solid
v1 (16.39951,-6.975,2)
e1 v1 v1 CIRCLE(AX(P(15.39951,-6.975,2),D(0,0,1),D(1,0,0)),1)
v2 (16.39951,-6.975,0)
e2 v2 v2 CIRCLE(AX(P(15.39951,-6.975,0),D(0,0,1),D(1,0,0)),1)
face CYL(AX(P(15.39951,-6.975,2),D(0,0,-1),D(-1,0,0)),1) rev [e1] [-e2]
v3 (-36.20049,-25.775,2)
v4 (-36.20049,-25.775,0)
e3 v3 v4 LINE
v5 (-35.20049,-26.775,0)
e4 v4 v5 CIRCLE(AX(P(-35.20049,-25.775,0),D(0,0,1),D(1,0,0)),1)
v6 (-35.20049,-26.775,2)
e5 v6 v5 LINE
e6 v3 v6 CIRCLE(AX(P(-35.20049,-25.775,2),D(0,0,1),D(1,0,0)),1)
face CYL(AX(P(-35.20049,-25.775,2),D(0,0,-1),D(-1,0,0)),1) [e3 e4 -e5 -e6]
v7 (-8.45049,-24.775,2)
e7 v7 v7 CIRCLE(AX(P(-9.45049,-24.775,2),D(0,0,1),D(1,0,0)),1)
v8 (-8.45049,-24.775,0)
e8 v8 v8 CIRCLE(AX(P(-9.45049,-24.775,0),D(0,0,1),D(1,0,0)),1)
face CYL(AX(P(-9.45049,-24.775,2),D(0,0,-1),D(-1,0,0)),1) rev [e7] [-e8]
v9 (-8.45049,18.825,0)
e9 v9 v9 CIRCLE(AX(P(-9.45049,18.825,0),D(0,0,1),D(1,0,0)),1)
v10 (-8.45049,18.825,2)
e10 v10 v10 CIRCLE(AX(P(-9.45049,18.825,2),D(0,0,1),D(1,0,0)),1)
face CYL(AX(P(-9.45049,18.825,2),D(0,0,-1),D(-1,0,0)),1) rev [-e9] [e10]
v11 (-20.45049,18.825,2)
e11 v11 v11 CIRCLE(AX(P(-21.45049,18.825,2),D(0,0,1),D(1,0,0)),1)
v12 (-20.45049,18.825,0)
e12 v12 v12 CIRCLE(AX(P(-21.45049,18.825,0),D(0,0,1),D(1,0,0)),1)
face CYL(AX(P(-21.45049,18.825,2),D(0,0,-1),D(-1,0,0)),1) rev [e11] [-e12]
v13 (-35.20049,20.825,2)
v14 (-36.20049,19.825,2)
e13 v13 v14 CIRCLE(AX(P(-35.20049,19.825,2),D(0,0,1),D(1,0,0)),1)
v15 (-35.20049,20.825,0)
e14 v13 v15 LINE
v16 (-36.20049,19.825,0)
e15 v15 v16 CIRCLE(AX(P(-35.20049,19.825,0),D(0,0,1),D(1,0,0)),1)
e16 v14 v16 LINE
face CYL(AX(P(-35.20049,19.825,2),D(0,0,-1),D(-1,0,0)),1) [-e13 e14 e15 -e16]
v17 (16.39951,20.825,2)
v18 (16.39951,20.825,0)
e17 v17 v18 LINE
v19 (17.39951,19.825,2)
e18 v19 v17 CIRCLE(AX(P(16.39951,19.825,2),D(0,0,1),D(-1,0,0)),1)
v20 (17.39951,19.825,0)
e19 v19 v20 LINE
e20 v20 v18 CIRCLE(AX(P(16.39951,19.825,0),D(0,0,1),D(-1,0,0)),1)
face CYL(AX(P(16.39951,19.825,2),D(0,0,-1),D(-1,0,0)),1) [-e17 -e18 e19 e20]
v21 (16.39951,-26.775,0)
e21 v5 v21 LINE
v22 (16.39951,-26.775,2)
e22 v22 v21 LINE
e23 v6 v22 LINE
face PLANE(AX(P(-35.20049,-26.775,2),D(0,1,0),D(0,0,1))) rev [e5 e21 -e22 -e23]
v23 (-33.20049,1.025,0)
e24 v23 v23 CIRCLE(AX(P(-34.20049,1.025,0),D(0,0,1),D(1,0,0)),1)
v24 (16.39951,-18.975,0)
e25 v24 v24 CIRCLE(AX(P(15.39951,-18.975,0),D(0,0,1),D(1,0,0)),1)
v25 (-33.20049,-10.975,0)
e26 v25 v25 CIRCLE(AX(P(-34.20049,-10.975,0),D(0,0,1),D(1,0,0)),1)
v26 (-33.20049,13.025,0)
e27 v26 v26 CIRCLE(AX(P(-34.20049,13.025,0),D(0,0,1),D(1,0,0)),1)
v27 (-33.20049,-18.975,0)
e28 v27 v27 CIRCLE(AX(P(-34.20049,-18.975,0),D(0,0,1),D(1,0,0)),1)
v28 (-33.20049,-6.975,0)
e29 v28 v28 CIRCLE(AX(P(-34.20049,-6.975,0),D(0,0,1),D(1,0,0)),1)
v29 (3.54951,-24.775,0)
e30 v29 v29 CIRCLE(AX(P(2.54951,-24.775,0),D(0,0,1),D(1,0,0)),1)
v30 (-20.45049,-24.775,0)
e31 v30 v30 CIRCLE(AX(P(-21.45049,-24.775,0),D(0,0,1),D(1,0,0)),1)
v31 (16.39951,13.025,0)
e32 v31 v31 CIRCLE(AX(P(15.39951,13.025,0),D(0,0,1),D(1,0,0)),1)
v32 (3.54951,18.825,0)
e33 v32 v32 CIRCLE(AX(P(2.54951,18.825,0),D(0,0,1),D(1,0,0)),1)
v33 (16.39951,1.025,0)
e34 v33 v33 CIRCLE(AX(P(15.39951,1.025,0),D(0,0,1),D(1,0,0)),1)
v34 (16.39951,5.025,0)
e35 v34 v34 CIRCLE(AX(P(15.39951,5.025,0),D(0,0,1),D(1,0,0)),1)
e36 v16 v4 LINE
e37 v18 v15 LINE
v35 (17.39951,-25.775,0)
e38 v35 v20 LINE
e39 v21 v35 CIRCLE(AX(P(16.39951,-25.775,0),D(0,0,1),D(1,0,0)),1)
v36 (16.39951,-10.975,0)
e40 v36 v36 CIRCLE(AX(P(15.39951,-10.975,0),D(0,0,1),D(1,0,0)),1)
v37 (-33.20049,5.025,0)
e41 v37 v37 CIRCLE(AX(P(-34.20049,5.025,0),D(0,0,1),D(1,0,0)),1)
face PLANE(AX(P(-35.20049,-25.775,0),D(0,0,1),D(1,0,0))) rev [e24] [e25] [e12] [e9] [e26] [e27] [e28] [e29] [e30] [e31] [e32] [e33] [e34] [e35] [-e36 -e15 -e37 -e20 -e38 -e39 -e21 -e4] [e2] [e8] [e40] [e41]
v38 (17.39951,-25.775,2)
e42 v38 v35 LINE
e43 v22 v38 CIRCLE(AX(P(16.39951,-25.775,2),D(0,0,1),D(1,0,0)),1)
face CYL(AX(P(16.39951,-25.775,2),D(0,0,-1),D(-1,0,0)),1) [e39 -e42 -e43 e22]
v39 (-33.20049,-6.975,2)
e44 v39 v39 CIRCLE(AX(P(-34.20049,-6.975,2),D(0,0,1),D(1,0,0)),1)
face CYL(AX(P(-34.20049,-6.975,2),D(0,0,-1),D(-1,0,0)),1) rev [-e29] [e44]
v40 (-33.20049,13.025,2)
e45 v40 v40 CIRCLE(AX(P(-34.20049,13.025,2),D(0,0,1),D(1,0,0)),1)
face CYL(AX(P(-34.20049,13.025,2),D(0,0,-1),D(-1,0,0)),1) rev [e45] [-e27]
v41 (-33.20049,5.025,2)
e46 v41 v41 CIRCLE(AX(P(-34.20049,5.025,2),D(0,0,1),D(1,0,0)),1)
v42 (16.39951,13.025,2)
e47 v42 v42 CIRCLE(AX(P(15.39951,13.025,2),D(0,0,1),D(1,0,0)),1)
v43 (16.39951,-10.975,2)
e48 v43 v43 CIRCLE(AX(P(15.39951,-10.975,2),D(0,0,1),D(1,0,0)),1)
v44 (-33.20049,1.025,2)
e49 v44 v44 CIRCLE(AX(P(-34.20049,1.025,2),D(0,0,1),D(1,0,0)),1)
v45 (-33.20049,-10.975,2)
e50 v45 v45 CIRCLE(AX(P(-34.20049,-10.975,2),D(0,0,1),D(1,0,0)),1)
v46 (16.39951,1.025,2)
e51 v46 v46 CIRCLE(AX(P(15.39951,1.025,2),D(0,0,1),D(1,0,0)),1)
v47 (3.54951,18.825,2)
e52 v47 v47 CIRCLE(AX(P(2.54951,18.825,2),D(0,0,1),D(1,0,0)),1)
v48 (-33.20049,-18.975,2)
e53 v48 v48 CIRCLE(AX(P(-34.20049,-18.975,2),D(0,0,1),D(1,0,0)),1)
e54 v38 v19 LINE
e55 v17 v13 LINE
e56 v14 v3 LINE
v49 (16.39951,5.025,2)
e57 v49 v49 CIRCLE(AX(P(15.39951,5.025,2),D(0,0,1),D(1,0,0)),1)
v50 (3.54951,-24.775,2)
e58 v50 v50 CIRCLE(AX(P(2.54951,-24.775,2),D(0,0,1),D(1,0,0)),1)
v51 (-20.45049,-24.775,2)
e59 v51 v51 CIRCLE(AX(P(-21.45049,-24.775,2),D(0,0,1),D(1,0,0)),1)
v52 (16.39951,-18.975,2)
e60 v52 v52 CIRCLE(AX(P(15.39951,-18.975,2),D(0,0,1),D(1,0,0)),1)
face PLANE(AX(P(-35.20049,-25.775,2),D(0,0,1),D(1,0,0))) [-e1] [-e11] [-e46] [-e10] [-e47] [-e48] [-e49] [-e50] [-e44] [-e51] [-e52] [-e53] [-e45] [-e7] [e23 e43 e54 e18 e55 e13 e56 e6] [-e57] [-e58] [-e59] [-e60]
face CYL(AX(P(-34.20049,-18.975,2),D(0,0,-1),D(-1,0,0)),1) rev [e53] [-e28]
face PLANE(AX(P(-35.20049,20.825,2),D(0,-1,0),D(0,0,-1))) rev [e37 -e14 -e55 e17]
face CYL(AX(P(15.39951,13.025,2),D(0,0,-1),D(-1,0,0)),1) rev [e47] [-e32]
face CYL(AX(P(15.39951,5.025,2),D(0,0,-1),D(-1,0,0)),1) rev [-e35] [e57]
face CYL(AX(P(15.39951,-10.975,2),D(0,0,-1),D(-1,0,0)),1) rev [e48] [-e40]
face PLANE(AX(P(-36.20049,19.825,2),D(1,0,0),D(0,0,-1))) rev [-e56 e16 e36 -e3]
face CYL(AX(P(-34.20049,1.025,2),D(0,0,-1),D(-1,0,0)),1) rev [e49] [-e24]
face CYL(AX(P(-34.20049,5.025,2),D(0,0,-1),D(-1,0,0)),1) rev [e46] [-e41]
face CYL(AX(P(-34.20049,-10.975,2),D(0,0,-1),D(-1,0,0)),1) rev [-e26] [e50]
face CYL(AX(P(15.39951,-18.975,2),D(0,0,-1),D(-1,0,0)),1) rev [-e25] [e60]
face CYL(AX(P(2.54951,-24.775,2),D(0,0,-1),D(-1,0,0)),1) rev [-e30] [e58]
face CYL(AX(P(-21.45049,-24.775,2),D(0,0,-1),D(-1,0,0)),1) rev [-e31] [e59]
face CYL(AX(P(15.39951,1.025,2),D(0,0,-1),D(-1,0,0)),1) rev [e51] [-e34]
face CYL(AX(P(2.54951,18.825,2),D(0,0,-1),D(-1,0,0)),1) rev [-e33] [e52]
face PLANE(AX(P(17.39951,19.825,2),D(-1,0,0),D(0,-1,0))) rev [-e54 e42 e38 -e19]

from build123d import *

# Parameters (mm, degrees)
SKETCH_1_R      = 1
EXTRUDE_1_DEPTH = 2


with BuildPart() as part:
    # 草圖1 → 填料-伸長1 (new body)
    with BuildSketch(Plane.XY):
        with BuildLine():
            Line((-35.200489897, 20.825), (16.399510103, 20.825))
            ThreePointArc((16.399510103, 20.825), (17.106616884, 20.532106781), (17.399510103, 19.825))
            Line((17.399510103, 19.825), (17.399510103, -25.775))
            ThreePointArc((17.399510103, -25.775), (17.106616884, -26.482106781), (16.399510103, -26.775))
            Line((16.399510103, -26.775), (-35.200489897, -26.775))
            ThreePointArc((-35.200489897, -26.775), (-35.907596678, -26.482106781), (-36.200489897, -25.775))
            Line((-36.200489897, -25.775), (-36.200489897, 19.825))
            ThreePointArc((-36.200489897, 19.825), (-35.907596678, 20.532106781), (-35.200489897, 20.825))
        make_face()
        with Locations((-9.450489897, 18.825)):
            Circle(SKETCH_1_R, mode=Mode.SUBTRACT)
        with Locations((-9.450489897, -24.775)):
            Circle(SKETCH_1_R, mode=Mode.SUBTRACT)
        with Locations((15.399510103, 1.025)):
            Circle(SKETCH_1_R, mode=Mode.SUBTRACT)
        with Locations((-34.200489897, 1.025)):
            Circle(SKETCH_1_R, mode=Mode.SUBTRACT)
        with Locations((-34.200489897, -6.975)):
            Circle(SKETCH_1_R, mode=Mode.SUBTRACT)
        with Locations((15.399510103, -6.975)):
            Circle(SKETCH_1_R, mode=Mode.SUBTRACT)
        with Locations((-34.200489897, 13.025)):
            Circle(SKETCH_1_R, mode=Mode.SUBTRACT)
        with Locations((-34.200489897, 5.025)):
            Circle(SKETCH_1_R, mode=Mode.SUBTRACT)
        with Locations((-34.200489897, -10.975)):
            Circle(SKETCH_1_R, mode=Mode.SUBTRACT)
        with Locations((-34.200489897, -18.975)):
            Circle(SKETCH_1_R, mode=Mode.SUBTRACT)
        with Locations((15.399510103, 13.025)):
            Circle(SKETCH_1_R, mode=Mode.SUBTRACT)
        with Locations((15.399510103, 5.025)):
            Circle(SKETCH_1_R, mode=Mode.SUBTRACT)
        with Locations((15.399510103, -10.975)):
            Circle(SKETCH_1_R, mode=Mode.SUBTRACT)
        with Locations((15.399510103, -18.975)):
            Circle(SKETCH_1_R, mode=Mode.SUBTRACT)
        with Locations((-21.450489897, 18.825)):
            Circle(SKETCH_1_R, mode=Mode.SUBTRACT)
        with Locations((2.549510103, 18.825)):
            Circle(SKETCH_1_R, mode=Mode.SUBTRACT)
        with Locations((-21.450489897, -24.775)):
            Circle(SKETCH_1_R, mode=Mode.SUBTRACT)
        with Locations((2.549510103, -24.775)):
            Circle(SKETCH_1_R, mode=Mode.SUBTRACT)
    extrude(amount=EXTRUDE_1_DEPTH)


solid = part.part
